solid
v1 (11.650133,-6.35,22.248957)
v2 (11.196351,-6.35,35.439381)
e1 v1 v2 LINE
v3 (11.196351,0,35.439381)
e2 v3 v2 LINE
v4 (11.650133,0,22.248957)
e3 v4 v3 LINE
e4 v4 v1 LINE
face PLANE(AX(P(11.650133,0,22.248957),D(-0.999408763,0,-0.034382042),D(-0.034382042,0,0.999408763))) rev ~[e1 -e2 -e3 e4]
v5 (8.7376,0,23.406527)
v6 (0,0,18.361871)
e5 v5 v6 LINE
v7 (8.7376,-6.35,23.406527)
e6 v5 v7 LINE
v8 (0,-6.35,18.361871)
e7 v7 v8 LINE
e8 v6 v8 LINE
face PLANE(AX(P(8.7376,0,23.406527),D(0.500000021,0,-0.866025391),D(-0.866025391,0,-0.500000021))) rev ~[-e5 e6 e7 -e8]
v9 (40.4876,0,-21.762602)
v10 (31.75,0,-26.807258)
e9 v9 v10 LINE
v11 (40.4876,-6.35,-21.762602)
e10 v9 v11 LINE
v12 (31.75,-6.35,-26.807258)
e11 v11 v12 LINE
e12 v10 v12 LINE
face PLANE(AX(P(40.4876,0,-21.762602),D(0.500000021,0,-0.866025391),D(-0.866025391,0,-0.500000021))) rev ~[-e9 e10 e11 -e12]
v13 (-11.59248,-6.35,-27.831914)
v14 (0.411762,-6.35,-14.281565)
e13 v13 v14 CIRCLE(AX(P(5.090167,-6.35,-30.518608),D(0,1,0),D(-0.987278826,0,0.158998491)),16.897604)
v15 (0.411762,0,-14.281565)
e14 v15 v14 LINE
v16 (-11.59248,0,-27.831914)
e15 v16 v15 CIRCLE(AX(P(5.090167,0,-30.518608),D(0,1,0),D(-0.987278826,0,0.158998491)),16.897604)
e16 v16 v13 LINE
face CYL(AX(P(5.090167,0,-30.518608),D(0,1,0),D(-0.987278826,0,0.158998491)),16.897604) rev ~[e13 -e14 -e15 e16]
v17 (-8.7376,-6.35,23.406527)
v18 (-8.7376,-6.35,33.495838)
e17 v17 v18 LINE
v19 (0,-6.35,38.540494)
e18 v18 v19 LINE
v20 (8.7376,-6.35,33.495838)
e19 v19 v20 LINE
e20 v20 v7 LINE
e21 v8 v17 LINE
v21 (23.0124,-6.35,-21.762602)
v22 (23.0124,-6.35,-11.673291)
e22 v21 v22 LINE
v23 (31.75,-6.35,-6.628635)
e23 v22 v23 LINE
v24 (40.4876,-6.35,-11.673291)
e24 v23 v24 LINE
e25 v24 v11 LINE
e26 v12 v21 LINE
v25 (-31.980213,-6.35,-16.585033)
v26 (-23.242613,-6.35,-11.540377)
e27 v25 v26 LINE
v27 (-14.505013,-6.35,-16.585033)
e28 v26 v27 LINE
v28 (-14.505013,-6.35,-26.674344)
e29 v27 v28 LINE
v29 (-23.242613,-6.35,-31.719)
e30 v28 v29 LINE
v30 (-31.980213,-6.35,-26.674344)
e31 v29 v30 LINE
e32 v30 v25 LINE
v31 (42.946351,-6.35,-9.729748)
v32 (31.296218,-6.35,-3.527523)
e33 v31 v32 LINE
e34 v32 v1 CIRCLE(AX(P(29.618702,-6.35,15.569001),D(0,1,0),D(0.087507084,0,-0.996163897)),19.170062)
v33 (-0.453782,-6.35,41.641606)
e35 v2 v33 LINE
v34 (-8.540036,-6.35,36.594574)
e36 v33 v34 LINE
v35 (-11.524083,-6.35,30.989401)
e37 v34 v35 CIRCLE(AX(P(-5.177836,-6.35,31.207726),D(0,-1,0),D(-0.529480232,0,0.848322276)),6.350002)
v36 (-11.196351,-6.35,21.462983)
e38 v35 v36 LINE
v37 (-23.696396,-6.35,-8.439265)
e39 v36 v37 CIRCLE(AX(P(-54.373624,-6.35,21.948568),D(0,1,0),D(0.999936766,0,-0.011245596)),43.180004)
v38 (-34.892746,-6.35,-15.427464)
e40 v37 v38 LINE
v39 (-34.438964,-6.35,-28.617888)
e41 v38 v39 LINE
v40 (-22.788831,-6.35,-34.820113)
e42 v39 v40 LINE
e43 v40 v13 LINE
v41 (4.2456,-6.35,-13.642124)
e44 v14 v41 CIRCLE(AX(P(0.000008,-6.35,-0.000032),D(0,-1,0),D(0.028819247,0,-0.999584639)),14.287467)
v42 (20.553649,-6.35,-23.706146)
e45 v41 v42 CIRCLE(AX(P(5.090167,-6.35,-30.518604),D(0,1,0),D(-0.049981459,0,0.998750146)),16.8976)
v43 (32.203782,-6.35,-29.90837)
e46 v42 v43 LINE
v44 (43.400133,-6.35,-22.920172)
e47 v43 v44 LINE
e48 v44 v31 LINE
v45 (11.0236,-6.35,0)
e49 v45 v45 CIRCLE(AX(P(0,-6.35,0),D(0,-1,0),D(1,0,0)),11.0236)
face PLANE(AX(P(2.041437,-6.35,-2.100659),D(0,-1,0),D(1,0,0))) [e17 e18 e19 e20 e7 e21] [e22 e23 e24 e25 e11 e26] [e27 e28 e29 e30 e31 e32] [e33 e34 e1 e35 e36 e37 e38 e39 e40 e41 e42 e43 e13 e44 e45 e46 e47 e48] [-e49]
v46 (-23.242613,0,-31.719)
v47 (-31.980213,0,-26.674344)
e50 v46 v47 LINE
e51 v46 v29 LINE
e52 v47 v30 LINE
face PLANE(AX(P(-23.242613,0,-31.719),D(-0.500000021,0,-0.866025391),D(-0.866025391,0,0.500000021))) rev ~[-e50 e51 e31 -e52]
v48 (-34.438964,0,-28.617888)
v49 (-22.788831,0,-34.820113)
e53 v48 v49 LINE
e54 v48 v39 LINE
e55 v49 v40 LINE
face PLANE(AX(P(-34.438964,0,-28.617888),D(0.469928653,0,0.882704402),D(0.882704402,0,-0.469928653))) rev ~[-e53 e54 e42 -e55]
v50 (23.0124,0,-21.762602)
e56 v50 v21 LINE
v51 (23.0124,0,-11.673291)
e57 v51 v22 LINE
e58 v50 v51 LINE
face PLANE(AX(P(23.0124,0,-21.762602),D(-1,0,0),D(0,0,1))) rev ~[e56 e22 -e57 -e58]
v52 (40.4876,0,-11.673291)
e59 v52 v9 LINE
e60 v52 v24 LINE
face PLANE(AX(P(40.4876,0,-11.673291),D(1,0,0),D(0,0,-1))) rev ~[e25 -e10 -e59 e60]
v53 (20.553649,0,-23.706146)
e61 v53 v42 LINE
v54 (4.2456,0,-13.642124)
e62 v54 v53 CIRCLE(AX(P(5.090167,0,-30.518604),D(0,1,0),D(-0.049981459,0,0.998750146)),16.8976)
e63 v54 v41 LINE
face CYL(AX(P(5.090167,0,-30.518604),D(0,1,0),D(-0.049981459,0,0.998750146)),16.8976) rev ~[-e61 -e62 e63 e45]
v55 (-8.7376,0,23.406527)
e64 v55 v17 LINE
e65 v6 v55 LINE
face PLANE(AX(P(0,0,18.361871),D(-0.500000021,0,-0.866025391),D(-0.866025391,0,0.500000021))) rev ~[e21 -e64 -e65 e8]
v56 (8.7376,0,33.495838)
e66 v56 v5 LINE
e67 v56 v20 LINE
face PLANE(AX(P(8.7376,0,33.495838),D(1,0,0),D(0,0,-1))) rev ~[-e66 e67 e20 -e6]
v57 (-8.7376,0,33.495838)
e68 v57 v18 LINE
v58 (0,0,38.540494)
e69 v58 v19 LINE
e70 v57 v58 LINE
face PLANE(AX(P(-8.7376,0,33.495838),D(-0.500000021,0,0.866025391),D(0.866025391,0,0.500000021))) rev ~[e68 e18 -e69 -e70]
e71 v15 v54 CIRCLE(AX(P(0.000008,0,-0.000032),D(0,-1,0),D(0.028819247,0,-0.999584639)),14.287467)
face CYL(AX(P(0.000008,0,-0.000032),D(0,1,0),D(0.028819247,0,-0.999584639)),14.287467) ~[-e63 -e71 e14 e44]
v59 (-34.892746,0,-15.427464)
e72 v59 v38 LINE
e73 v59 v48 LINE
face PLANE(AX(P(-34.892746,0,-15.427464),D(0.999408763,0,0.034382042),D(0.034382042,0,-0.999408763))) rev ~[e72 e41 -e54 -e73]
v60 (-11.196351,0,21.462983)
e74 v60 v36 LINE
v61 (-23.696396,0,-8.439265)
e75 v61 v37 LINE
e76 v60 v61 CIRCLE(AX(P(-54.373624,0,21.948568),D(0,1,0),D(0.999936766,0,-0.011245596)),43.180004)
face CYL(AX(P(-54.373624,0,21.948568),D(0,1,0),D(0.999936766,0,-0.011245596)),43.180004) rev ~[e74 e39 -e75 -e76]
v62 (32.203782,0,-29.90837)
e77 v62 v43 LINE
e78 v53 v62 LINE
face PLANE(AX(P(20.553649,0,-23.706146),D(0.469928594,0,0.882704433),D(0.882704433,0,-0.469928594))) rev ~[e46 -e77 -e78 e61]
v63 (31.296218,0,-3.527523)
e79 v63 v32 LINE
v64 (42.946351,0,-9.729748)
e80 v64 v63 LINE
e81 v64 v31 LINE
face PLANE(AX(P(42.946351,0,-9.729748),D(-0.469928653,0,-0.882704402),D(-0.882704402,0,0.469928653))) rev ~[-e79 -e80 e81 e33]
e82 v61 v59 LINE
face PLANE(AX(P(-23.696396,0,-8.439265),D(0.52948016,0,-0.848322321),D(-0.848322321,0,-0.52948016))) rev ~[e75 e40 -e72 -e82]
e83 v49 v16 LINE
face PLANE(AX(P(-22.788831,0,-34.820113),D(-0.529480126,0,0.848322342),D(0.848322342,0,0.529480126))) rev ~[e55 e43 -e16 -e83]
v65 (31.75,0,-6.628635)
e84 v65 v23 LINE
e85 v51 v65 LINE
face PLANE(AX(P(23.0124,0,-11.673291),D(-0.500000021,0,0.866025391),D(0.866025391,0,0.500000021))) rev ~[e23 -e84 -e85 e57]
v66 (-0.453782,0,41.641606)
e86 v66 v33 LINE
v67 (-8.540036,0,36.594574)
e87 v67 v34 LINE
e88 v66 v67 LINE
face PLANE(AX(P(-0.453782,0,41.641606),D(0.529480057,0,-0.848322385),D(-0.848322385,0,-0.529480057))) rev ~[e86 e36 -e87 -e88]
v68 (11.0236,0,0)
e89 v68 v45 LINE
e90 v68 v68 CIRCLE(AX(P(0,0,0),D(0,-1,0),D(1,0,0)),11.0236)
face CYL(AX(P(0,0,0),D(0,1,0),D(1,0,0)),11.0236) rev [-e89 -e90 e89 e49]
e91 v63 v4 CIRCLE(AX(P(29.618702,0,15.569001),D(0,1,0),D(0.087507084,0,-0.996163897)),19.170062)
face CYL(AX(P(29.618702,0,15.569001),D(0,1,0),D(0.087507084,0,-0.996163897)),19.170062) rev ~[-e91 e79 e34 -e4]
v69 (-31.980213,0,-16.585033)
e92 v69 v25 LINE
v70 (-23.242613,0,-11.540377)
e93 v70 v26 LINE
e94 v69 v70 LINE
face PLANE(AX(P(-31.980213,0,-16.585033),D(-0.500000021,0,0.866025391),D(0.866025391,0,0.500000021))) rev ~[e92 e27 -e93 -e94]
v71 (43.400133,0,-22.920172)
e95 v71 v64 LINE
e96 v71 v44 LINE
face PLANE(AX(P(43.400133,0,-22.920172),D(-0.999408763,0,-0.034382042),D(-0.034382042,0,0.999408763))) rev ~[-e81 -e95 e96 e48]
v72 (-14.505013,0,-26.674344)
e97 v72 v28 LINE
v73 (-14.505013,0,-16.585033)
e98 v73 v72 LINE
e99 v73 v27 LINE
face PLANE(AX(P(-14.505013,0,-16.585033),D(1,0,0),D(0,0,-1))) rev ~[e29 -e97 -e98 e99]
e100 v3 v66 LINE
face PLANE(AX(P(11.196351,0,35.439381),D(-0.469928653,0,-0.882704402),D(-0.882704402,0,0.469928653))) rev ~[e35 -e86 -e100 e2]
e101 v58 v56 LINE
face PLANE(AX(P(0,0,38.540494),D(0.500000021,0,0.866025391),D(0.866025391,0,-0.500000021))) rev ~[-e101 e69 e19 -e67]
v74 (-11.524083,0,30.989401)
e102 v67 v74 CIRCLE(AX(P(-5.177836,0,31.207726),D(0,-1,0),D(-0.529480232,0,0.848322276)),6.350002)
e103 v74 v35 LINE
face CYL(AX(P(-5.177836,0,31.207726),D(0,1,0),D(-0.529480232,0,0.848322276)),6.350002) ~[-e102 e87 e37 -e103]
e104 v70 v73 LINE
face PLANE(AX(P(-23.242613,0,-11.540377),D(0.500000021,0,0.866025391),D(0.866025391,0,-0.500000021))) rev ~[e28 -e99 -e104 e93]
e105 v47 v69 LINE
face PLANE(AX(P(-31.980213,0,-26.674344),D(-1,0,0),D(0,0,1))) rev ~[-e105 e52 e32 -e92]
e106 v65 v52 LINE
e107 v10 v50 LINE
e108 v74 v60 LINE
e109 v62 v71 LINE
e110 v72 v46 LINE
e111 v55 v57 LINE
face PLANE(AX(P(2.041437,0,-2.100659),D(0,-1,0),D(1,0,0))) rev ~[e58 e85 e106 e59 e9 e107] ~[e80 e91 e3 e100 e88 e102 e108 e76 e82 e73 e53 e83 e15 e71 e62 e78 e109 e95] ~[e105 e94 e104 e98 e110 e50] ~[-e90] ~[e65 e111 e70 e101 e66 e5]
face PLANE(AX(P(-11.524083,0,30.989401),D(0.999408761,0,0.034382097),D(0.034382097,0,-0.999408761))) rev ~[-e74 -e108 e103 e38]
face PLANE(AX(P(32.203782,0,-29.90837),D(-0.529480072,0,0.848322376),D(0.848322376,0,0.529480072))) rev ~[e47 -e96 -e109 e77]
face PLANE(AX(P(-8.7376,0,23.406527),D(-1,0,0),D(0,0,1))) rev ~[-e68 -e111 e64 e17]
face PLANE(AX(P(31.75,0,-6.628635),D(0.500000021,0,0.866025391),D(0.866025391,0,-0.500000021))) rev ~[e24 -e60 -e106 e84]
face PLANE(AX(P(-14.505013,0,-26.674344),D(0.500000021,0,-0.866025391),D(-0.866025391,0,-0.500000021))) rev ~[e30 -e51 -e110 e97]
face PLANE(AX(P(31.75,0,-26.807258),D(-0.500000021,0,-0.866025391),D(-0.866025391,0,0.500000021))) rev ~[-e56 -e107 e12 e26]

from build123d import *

# Parameters (mm, degrees)
F0_R     = 11.0236
F1_DEPTH = 6.35


with BuildPart() as f1:
    # F0 (on Front) → F1 (new body)
    with BuildSketch(Plane.XZ):
        with BuildLine():
            ThreePointArc((0.411762, -14.281565), (-10.247334, 9.956144), (14.2875, 0))
            ThreePointArc((14.2875, 0), (11.506339, -8.469759), (4.2456, -13.642124))
            ThreePointArc((4.2456, -13.642124), (13.964247, -16.138772), (20.553649, -23.706146))
            Line((20.553649, -23.706146), (20.099867, -10.515722))
            Line((20.099867, -10.515722), (31.296218, -3.527523))
            ThreePointArc((31.296218, -3.527523), (14.372183, 3.948547), (11.650133, 22.248957))
            Line((11.650133, 22.248957), (0.453782, 15.260758))
            Line((0.453782, 15.260758), (-11.196351, 21.462983))
            ThreePointArc((-11.196351, 21.462983), (-14.534473, 5.294597), (-23.696396, -8.439265))
            Line((-23.696396, -8.439265), (-12.046262, -14.64149))
            Line((-12.046262, -14.64149), (-11.59248, -27.831914))
            ThreePointArc((-11.59248, -27.831914), (-7.55802, -19.313591), (0.411762, -14.281565))
        make_face()
        with BuildLine():
            ThreePointArc((4.2456, -13.642124), (2.310234, -13.851245), (0.411762, -14.281565))
            ThreePointArc((0.411762, -14.281565), (2.350527, -14.092824), (4.2456, -13.642124))
        make_face()
        Polygon((-22.788831, -34.820113), (-11.59248, -27.831914), (-12.046262, -14.64149), (-23.696396, -8.439265), (-34.892746, -15.427464), (-34.438964, -28.617888), align=None)
        Polygon((-14.505013, -26.674344), (-23.242613, -31.719), (-31.980213, -26.674344), (-31.980213, -16.585033), (-23.242613, -11.540377), (-14.505013, -16.585033), align=None, mode=Mode.SUBTRACT)
        Polygon((20.099867, -10.515722), (20.553649, -23.706146), (32.203782, -29.90837), (43.400133, -22.920172), (42.946351, -9.729748), (31.296218, -3.527523), align=None)
        Polygon((31.75, -6.628635), (40.4876, -11.673291), (40.4876, -21.762602), (31.75, -26.807258), (23.0124, -21.762602), (23.0124, -11.673291), align=None, mode=Mode.SUBTRACT)
        with BuildLine():
            Line((-11.524083, 30.989401), (-11.196351, 21.462983))
            Line((-11.196351, 21.462983), (0.453782, 15.260758))
            Line((0.453782, 15.260758), (11.650133, 22.248957))
            Line((11.650133, 22.248957), (11.196351, 35.439381))
            Line((11.196351, 35.439381), (-0.453782, 41.641606))
            Line((-0.453782, 41.641606), (-8.540036, 36.594574))
            ThreePointArc((-8.540036, 36.594574), (-10.78301, 34.191774), (-11.524083, 30.989401))
        make_face()
        Polygon((0, 38.540494), (8.7376, 33.495838), (8.7376, 23.406527), (0, 18.361871), (-8.7376, 23.406527), (-8.7376, 33.495838), align=None, mode=Mode.SUBTRACT)
        with BuildLine():
            ThreePointArc((4.2456, -13.642124), (11.506339, -8.469759), (14.2875, 0))
            ThreePointArc((14.2875, 0), (-10.247334, 9.956144), (0.411762, -14.281565))
            ThreePointArc((0.411762, -14.281565), (2.310234, -13.851245), (4.2456, -13.642124))
        make_face()
        Circle(F0_R, mode=Mode.SUBTRACT)
    extrude(amount=F1_DEPTH)


solid = f1.part
